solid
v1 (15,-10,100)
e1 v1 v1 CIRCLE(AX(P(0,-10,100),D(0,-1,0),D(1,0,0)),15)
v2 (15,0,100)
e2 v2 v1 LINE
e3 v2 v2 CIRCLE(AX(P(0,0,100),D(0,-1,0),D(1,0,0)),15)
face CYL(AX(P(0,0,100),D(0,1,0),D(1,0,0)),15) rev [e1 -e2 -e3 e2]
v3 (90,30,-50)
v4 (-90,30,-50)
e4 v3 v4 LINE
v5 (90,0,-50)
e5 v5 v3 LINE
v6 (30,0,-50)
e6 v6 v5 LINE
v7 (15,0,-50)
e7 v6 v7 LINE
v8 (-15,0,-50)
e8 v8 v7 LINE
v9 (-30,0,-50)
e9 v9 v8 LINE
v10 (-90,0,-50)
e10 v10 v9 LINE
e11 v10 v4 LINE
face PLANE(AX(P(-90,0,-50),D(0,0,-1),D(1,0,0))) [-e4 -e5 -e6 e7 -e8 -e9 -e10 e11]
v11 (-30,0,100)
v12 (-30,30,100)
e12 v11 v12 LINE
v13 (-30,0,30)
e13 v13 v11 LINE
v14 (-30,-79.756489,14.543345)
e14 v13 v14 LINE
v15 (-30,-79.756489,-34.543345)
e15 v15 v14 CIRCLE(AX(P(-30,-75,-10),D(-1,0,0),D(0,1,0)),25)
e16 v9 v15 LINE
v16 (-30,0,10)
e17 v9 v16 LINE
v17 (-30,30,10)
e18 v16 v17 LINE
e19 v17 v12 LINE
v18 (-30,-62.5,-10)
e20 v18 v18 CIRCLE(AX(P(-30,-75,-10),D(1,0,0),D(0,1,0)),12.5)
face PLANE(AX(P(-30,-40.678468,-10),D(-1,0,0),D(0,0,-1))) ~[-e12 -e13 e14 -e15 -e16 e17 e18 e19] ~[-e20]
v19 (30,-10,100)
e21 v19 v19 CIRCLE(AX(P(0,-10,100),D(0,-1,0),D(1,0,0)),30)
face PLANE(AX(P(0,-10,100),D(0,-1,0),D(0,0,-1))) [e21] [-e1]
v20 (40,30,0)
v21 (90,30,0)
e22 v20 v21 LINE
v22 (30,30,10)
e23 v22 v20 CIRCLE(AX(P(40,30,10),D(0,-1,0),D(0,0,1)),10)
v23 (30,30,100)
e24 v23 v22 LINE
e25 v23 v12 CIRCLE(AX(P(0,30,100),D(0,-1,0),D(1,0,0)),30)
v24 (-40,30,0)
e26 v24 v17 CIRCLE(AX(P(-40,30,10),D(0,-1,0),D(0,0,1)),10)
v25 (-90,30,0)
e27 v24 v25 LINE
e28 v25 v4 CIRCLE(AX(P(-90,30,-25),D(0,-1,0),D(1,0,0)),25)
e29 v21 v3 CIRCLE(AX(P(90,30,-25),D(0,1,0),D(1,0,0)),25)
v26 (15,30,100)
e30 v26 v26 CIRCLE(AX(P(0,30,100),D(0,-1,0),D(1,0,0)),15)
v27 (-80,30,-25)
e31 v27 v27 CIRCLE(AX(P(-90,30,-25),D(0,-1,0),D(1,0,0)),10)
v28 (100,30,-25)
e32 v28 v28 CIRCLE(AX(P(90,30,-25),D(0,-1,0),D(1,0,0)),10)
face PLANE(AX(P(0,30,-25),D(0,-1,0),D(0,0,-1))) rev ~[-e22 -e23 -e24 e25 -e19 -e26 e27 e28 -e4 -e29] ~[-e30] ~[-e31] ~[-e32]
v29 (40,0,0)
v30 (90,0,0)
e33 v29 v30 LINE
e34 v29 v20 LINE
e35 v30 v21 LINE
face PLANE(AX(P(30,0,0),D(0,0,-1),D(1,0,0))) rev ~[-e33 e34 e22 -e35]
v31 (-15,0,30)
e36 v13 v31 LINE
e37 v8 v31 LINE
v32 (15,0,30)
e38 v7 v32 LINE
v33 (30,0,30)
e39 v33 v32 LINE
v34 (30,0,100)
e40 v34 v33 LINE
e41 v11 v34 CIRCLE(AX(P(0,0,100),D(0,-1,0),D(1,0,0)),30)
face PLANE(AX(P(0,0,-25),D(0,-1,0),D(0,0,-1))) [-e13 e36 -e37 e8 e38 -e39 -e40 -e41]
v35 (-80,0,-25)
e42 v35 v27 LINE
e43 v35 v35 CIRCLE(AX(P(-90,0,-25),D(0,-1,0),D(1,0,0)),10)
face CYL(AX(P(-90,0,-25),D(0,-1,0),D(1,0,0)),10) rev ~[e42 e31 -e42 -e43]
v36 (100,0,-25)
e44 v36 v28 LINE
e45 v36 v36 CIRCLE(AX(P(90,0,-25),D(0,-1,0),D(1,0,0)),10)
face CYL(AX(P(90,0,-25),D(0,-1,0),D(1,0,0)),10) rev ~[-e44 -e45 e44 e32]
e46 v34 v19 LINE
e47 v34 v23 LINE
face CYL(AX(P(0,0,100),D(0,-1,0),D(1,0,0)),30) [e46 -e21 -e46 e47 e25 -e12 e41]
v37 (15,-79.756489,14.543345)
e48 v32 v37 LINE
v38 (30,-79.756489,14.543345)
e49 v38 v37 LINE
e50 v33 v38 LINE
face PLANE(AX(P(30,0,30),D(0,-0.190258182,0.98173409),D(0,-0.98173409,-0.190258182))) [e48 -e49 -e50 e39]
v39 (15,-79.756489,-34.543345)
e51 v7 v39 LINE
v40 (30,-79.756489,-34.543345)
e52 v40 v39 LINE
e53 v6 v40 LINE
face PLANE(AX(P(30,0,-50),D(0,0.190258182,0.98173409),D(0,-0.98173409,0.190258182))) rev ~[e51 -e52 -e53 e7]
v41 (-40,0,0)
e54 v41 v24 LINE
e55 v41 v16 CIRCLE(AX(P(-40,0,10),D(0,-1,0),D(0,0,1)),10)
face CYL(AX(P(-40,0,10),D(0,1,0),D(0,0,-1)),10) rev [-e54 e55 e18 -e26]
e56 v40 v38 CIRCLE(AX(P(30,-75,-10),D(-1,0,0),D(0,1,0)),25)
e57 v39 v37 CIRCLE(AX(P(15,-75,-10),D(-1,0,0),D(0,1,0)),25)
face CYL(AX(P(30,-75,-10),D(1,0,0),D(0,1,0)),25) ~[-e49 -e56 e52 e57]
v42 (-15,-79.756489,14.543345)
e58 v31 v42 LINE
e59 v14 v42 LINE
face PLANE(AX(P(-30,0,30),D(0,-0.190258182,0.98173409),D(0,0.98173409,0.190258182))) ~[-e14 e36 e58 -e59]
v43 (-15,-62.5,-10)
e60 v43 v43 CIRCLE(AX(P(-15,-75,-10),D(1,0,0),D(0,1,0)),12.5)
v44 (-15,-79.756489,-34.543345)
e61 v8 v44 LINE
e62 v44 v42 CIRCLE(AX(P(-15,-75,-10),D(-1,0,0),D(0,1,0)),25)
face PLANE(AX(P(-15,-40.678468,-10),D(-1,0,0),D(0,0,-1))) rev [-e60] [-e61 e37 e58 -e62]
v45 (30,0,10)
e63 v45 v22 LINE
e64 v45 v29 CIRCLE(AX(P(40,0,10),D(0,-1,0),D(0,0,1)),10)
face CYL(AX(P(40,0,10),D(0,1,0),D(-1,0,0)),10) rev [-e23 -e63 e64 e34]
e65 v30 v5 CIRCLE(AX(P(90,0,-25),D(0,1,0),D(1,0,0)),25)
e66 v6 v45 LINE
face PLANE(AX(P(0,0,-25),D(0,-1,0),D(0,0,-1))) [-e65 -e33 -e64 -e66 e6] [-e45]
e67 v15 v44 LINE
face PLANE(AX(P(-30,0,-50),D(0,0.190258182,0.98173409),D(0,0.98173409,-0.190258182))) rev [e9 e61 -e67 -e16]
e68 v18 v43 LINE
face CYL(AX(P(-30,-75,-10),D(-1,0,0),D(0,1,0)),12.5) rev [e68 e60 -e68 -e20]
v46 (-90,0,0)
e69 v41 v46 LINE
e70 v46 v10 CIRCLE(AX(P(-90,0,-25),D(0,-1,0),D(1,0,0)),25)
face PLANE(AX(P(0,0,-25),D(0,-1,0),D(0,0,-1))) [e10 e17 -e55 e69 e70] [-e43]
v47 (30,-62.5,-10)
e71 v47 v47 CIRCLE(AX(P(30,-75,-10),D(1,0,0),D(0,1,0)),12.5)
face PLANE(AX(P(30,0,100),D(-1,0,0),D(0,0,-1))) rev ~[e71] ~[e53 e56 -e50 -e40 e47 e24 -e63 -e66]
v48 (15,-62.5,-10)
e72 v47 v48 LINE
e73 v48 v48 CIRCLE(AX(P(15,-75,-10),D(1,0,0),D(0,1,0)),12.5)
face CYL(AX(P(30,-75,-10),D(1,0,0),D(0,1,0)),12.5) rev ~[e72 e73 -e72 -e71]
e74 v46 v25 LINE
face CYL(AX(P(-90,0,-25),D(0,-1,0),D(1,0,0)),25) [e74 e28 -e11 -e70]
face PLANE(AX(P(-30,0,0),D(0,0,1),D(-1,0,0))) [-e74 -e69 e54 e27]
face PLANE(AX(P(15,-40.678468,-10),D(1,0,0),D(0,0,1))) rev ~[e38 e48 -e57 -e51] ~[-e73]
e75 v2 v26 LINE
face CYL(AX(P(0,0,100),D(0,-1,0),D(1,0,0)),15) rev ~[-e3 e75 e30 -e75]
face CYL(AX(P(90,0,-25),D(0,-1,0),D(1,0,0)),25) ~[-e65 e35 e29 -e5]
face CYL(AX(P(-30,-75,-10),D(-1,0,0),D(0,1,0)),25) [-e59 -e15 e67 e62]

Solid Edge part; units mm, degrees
sketch "Sketch1" plane through (0, 0, 0) normal (0, -1, 0) x (1, 0, 0)
  line L0 (-30, 0) -> (-30, 100)
  line L1 (-30, 100) -> (30, 100)
  line L2 (30, 100) -> (30, 0)
  line L3 (-30, 0) -> (30, 0)
  line L4 (-30, 0) -> (-90, 0)
  arc A0 (-90, 0) -> (-90, -50) centre (-90, -25) ccw
  line L5 (-90, -50) -> (0, -50)
  line L6 (90, -50) -> (0, -50)
  arc A1 (90, 0) -> (90, -50) centre (90, -25) cw
  line L7 (30, 0) -> (90, 0)
  line L8 (30, 0) -> (0, 0)
  line L9 (0, 0) -> (-30, 0)
  circle A2 centre (-90, -25) radius 10
  circle A3 centre (90, -25) radius 10
extrude "Protrusion1" add sketch "Sketch1" against normal blind 30
sketch "Sketch2" plane through (0, 0, 25) normal (0, -1, 0) x (1, 0, 0)
  circle A0 centre (0, 75) radius 30
extrude "ExtrudedCutout_1" cut sketch "Sketch2" against normal blind 30
sketch "Sketch3" plane through (0, 0, 25) normal (0, -1, 0) x (1, 0, 0)
  circle A0 centre (0, 75) radius 30
  circle A1 centre (0, 75) radius 15
extrude "ExtrudedProtrusion_2" add sketch "Sketch3" against normal blind 30 and the other way blind 10
fillet "Round_1" radius 10 2 edges at (30, 15, 0) (-30, 15, 0)
sketch "Sketch4" plane through (30, 0, 0) normal (1, 0, 0) x (0, 1, 0)
  line L0 (0, 30) -> (-79.7565, 14.5434)
  line L1 (0, -50) -> (0, 30)
  line L2 (0, -50) -> (-79.7565, -34.5434)
  arc A0 (-79.7565, -34.5433) -> (-79.7565, 14.5433) centre (-75, -10) cw
  circle A1 centre (-75, -10) radius 12.5
extrude "ExtrudedProtrusion_3" add sketch "Sketch4" against normal blind 15
mirror "Mirror1" about plane through (0, 0, 0) normal (1, 0, 0) of "ExtrudedProtrusion_3"
